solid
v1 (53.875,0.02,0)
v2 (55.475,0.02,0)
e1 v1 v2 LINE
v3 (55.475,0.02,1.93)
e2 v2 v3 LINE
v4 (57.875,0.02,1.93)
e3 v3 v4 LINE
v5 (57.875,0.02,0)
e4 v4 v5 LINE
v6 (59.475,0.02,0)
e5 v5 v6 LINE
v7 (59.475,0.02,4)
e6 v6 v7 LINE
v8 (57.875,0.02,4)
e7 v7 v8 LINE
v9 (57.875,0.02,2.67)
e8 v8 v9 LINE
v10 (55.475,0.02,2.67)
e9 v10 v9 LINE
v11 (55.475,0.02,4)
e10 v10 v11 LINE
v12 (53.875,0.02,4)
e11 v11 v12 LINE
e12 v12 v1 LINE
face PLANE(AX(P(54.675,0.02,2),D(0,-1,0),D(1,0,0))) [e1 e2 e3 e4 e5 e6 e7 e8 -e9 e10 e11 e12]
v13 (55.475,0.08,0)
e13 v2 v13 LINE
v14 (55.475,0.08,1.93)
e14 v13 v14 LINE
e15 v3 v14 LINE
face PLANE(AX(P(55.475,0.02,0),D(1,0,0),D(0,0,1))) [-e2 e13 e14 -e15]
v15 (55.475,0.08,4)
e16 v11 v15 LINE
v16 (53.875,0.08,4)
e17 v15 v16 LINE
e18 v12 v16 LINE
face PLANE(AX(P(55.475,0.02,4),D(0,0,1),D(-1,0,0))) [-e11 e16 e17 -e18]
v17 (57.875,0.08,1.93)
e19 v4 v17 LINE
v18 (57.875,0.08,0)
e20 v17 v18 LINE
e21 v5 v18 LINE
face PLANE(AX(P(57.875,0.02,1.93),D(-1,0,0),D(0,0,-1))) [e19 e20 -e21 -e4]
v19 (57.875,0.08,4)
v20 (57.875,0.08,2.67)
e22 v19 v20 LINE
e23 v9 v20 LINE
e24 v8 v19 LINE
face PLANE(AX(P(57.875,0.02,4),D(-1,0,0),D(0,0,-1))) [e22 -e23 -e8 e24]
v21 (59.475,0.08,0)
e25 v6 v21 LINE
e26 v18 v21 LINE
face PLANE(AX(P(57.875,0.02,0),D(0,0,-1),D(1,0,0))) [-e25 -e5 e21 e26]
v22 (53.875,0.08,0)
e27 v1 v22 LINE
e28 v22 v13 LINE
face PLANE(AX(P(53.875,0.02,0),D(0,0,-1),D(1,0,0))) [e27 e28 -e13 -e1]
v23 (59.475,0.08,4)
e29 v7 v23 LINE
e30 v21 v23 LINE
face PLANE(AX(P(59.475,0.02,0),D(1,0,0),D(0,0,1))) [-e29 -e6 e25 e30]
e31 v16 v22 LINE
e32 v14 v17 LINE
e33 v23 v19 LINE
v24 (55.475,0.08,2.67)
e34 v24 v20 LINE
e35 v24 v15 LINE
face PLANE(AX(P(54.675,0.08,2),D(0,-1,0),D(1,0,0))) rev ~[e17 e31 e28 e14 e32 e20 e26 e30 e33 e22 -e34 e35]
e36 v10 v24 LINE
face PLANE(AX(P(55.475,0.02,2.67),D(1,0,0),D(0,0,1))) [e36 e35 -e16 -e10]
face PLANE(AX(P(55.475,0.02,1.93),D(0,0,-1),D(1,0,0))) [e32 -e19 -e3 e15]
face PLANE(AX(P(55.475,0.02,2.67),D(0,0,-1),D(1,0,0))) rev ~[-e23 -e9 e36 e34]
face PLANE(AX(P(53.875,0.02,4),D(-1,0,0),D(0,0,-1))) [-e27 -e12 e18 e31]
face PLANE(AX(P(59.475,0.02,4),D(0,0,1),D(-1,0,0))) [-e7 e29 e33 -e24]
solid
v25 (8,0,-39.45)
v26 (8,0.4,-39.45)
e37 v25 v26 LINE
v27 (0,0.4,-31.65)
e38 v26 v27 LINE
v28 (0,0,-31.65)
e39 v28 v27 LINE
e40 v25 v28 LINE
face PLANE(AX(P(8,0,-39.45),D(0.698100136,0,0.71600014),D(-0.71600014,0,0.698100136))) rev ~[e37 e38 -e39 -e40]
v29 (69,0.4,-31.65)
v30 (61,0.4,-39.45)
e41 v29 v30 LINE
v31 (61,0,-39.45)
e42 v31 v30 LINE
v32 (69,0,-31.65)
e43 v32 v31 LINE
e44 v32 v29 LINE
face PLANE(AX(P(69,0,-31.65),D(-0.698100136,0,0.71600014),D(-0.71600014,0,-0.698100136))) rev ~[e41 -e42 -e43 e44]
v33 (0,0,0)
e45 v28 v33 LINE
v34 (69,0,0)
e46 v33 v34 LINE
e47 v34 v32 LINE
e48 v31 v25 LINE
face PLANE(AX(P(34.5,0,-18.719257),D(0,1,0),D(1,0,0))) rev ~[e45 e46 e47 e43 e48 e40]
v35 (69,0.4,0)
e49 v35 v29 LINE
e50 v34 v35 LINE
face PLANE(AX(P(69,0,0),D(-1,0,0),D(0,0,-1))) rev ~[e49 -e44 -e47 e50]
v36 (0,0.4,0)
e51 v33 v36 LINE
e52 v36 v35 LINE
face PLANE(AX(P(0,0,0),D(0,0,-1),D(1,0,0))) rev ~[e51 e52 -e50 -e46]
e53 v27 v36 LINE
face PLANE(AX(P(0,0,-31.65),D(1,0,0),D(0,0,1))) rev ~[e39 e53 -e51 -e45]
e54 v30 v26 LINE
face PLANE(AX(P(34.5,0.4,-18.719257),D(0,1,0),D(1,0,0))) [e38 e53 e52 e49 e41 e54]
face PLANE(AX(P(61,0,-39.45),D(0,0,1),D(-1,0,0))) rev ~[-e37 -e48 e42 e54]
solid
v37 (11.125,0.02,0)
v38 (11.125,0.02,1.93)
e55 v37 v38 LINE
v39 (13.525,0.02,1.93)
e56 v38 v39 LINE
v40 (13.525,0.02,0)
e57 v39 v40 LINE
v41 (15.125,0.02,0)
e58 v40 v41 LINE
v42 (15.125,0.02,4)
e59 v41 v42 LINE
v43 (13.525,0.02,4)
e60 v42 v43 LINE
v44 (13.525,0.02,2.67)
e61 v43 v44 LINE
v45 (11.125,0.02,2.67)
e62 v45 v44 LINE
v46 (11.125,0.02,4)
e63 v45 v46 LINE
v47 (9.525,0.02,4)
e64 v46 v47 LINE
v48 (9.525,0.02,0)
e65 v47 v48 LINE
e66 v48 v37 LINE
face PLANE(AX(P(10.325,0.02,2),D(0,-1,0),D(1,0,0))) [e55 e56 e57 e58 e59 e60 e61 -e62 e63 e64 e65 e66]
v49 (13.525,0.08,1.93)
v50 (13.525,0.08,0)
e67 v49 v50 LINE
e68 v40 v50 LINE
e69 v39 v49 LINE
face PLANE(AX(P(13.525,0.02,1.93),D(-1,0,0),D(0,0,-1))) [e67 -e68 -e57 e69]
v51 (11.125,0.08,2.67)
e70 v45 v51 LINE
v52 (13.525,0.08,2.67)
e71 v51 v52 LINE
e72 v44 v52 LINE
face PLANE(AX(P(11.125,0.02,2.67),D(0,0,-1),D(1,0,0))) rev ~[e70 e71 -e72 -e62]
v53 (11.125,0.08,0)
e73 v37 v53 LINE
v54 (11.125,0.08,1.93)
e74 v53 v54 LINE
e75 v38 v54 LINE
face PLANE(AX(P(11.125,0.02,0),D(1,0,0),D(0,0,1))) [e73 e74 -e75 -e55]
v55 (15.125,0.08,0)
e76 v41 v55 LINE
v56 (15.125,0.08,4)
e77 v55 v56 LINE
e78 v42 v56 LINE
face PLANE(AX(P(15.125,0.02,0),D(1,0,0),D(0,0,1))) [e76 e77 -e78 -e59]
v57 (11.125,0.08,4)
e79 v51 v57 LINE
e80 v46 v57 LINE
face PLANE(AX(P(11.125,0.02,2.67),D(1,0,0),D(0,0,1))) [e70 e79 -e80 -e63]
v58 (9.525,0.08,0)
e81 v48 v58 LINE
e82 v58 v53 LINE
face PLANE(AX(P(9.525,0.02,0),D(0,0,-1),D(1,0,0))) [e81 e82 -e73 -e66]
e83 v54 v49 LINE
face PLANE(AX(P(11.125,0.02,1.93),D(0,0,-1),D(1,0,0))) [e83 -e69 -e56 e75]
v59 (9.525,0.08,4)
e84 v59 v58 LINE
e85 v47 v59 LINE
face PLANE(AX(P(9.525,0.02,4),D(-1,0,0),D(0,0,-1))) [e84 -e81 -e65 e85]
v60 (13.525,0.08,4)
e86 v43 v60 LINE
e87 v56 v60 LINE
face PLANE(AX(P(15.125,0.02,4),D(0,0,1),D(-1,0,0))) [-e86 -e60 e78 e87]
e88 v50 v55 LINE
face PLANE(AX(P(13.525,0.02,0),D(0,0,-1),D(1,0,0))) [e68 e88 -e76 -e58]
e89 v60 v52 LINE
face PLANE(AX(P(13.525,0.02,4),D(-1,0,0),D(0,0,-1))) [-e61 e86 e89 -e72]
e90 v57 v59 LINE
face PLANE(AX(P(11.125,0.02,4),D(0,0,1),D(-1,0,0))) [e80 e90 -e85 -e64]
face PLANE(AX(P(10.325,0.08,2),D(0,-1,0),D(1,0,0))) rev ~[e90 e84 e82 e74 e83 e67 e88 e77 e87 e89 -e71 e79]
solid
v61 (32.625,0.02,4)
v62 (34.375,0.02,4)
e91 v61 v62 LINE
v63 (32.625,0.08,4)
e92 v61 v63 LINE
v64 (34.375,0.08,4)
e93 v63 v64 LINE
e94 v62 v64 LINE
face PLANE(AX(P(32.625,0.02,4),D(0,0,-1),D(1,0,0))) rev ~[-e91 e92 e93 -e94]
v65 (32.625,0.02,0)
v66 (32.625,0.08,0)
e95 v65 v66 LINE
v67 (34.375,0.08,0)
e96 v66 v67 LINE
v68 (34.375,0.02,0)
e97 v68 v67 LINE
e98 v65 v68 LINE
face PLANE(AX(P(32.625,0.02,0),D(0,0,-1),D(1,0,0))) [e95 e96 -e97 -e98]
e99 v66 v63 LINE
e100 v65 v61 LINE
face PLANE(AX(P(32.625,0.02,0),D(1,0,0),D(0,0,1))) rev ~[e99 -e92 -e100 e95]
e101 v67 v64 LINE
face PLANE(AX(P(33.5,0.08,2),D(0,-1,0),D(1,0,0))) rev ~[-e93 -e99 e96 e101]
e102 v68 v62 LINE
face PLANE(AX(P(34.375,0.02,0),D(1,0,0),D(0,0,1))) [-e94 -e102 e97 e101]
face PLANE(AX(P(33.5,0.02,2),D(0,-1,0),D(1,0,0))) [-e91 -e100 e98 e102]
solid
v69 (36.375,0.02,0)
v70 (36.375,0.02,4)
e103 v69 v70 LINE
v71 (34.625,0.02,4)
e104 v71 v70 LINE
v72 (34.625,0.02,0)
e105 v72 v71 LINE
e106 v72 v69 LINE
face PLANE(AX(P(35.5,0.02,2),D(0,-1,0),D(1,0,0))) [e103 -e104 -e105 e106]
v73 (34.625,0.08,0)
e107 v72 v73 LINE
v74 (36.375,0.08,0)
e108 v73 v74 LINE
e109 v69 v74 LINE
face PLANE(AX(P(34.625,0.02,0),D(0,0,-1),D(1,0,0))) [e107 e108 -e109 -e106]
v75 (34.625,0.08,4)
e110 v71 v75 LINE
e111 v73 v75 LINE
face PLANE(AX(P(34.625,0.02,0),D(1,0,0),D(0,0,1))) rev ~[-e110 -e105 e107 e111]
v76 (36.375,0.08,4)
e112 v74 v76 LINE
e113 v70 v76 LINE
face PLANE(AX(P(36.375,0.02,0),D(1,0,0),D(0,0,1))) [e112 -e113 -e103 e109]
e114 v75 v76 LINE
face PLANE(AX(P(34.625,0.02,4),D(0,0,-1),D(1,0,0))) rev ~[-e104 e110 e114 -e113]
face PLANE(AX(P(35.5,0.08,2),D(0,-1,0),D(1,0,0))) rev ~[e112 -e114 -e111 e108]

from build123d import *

# Parameters (mm, degrees)
BOSS_EXTRUDE1_DEPTH = 0.4
SKETCH2_W           = 2.4
SKETCH2_H           = 0.74
SKETCH2_W_2         = 1.75
SKETCH2_H_2         = 4
BOSS_EXTRUDE2_DEPTH = 0.06


with BuildPart() as part:
    # Sketch1 → Boss-Extrude1 (new body)
    with BuildSketch(Plane(origin=(0, 0, 0), x_dir=(1, 0, 0), z_dir=(0, 1, 0))):
        Polygon((8, 39.45), (0, 31.65), (0, 0), (69, 0), (69, 31.65), (61, 39.45), align=None)
    extrude(amount=BOSS_EXTRUDE1_DEPTH)


with BuildPart() as body_2:
    # Sketch2 → Boss-Extrude2 (new body)
    with BuildSketch(Plane.XZ.offset(-0.02)):
        Polygon((9.525, 4), (9.525, 0), (11.125, 0), (11.125, 1.93), (11.125, 2.67), (11.125, 4), align=None)
        Polygon((13.525, 1.93), (13.525, 0), (15.125, 0), (15.125, 4), (13.525, 4), (13.525, 2.67), align=None)
        with Locations((12.325, 2.3)):
            Rectangle(SKETCH2_W, SKETCH2_H)
        with Locations((33.5, 2)):
            Rectangle(SKETCH2_W_2, SKETCH2_H_2)
        with Locations((35.5, 2)):
            Rectangle(SKETCH2_W_2, SKETCH2_H_2)
        Polygon((53.875, 0), (55.475, 0), (55.475, 1.93), (55.475, 2.67), (55.475, 4), (53.875, 4), align=None)
        with Locations((56.675, 2.3)):
            Rectangle(SKETCH2_W, SKETCH2_H)
        Polygon((57.875, 1.93), (57.875, 0), (59.475, 0), (59.475, 4), (57.875, 4), (57.875, 2.67), align=None)
    extrude(amount=-BOSS_EXTRUDE2_DEPTH)


solid = Compound([part.part, body_2.part])
